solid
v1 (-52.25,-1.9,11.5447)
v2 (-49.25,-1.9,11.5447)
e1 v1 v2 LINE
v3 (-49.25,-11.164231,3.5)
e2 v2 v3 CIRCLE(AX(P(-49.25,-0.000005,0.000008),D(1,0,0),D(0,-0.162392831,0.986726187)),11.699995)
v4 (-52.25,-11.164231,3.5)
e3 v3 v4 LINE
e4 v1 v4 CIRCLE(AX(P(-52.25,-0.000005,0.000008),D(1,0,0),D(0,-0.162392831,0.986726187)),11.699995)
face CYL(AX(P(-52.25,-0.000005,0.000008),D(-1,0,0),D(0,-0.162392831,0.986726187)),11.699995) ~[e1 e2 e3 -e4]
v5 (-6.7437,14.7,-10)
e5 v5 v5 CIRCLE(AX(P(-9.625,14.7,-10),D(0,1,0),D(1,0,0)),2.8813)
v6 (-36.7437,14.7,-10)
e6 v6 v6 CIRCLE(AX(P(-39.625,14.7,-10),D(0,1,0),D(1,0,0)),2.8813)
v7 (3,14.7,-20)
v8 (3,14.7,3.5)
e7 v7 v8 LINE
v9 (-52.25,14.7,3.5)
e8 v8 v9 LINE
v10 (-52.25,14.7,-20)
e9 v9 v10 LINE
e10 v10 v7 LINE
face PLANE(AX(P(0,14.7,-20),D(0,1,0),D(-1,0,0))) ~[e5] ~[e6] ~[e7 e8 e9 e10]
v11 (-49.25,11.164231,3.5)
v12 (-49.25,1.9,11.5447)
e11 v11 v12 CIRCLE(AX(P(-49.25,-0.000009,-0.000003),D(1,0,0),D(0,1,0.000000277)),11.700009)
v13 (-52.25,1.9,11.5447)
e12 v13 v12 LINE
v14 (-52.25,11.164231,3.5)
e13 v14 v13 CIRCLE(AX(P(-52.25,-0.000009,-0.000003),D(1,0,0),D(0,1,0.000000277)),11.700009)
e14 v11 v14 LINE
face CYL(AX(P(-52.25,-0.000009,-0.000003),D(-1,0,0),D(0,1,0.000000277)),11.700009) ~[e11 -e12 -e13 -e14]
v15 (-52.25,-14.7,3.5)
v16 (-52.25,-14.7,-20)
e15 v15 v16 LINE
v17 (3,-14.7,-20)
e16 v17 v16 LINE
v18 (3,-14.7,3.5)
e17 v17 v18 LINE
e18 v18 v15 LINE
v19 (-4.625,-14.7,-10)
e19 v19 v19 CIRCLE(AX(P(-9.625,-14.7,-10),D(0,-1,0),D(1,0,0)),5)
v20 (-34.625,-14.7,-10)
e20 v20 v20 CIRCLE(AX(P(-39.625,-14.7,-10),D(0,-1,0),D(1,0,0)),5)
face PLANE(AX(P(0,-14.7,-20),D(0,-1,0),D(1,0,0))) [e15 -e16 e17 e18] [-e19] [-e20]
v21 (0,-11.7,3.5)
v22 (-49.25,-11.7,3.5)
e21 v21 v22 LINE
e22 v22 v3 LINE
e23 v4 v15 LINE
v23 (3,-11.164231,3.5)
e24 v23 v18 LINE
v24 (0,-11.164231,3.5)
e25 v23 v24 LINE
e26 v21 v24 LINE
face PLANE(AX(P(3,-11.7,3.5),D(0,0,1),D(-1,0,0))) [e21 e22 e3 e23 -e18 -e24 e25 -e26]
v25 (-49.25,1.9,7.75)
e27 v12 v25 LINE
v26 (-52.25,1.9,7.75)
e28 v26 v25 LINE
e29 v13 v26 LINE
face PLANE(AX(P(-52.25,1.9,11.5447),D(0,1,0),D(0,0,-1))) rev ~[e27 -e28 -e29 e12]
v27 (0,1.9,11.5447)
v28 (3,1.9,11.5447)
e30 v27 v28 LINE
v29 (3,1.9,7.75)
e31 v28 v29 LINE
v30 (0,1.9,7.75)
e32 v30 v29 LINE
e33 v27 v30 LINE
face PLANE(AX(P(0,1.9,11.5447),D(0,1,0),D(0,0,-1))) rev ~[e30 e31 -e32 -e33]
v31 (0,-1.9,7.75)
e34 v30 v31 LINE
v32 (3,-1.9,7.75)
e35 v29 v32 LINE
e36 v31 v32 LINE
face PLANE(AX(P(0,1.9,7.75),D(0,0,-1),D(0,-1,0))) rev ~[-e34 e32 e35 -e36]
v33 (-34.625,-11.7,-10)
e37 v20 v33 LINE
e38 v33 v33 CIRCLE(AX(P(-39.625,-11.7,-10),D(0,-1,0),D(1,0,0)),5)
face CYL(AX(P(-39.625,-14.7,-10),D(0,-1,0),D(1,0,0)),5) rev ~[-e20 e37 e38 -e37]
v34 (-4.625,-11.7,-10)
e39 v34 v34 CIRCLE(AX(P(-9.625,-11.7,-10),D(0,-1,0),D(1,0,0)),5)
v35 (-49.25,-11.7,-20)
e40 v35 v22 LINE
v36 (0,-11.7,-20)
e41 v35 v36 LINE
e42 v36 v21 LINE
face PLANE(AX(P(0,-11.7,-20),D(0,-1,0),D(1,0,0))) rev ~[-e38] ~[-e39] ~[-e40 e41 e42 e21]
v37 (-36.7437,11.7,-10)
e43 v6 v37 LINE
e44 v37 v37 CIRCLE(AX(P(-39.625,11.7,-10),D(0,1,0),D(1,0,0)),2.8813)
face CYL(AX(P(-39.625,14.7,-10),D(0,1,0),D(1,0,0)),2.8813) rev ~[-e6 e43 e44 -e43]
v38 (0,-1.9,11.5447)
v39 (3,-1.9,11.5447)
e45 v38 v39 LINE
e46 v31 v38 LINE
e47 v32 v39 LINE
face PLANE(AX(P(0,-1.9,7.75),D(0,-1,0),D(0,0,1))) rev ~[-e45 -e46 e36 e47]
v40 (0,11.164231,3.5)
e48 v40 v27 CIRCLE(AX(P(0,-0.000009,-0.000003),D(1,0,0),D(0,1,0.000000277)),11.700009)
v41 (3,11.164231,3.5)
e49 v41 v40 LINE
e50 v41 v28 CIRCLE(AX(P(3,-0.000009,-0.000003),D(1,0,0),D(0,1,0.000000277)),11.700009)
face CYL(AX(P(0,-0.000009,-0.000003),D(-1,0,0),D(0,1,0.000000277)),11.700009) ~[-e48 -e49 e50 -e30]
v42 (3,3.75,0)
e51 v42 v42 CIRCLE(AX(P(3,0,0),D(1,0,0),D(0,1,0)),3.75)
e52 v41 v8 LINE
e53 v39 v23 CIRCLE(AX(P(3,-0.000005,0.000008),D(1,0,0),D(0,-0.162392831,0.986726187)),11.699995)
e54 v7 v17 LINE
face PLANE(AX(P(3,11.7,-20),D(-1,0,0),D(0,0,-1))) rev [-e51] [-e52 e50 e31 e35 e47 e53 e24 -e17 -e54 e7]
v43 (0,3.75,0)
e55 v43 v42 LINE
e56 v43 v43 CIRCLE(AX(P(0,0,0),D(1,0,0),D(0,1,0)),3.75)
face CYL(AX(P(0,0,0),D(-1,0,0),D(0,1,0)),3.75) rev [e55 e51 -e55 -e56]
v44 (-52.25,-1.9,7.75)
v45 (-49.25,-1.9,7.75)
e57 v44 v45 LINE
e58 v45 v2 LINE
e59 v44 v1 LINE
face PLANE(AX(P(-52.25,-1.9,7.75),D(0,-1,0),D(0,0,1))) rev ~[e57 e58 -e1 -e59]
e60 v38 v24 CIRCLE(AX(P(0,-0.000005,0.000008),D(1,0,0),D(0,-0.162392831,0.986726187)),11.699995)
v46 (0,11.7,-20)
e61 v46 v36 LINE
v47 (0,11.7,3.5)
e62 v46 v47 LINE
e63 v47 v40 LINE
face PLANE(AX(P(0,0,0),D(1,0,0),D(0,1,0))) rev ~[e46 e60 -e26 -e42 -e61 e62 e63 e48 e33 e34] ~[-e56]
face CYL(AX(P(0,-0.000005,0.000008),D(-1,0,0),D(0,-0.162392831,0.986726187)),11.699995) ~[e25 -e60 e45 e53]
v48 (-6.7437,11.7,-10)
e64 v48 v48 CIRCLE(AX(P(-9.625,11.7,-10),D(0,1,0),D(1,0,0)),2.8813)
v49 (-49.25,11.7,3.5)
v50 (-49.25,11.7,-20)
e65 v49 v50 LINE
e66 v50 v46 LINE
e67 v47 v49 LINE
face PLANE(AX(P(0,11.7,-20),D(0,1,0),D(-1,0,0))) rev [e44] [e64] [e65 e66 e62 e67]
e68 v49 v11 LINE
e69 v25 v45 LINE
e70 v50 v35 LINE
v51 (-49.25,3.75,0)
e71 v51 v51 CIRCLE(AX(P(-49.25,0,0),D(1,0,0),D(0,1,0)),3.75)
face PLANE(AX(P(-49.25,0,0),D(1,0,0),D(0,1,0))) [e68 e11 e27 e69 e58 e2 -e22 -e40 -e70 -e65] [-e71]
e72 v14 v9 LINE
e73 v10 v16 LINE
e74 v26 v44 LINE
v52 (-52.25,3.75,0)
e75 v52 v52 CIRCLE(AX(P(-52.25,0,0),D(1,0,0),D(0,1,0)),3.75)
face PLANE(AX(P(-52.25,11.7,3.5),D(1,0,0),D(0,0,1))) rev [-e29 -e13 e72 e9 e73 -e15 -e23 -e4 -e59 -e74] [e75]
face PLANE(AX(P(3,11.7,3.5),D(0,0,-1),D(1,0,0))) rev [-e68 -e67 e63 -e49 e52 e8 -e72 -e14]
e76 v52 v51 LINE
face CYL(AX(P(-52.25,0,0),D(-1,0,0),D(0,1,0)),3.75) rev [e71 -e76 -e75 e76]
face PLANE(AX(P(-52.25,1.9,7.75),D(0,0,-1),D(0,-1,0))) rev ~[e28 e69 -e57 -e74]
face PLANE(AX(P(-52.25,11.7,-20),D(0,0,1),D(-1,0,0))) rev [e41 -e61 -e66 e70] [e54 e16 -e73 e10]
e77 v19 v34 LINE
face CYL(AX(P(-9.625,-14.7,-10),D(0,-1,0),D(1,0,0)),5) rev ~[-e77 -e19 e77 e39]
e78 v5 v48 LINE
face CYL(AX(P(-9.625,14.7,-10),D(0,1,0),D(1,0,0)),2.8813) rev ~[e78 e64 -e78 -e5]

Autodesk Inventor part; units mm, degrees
ref_plane "YZ Plane" through (0, 0, 0) normal (1, 0, 0) x (0, 1, 0)
ref_plane "XZ Plane" through (0, 0, 0) normal (0, 1, 0) x (-1, 0, 0)
ref_plane "XY Plane" through (0, 0, 0) normal (0, 0, 1) x (1, 0, 0)
sketch "Sketch1" plane through (0, 0, 0) normal (1, 0, 0) x (0, 1, 0)
  arc A0 (-1.9, 11.5447) -> (-11.7, 0) centre (0, 0) ccw
  line L0 (1.9, 11.5447) -> (1.9, 7.75)
  line L1 (1.9, 7.75) -> (-1.9, 7.75)
  line L2 (-1.9, 7.75) -> (-1.9, 11.5447)
  line L3 (0, 7.75) -> (0, 0) construction
  arc A1 (1.9, 11.5447) -> (-1.9, 11.5447) centre (0, 0) ccw construction
  circle A2 centre (0, 0) radius 3.75
  line L4 (11.7, 0) -> (11.7, -20)
  line L5 (11.7, -20) -> (-11.7, -20)
  line L6 (-11.7, -20) -> (-11.7, 0)
  arc A3 (11.7, 0) -> (1.9, 11.5447) centre (0, 0) ccw
  arc A4 (-11.7, 0) -> (11.7, 0) centre (0, 0) ccw construction
  dimension "d0" = 23.4
  dimension "d1" = 3.8
  dimension "d2" = 7.75
  dimension "d3" = 7.5
  dimension "d9" = 20
extrude "Extrusion1" add sketch "Sketch1" along normal blind 3
pattern_linear "Rectangular Pattern1" count 2 spacing 52.25 along (-1, 0, 0) of "Extrusion1"
sketch "Sketch3" plane through (0, -11.7, -20) normal (0, -1, 0) x (1, 0, 0)
  line L0 (-52.25, 0) -> (-49.25, 0) projected
  line L1 (-52.25, 0) -> (3, 0)
  line L2 (3, 0) -> (3, 23.5)
  line L3 (3, 23.5) -> (-52.25, 23.5)
  line L4 (-52.25, 23.5) -> (-52.25, 0)
  point P0 (0, 20)
  dimension "d12" = 3.5
extrude "Extrusion3" add sketch "Sketch3" along normal blind 3
sketch "Sketch4" plane through (0, -11.7, -20) normal (0, 1, 0) x (1, 0, 0)
  line L0 (-49.25, -31.5447) -> (-49.25, -20) construction
  line L1 (-49.25, -20) -> (-52.25, -20)
  line L2 (-52.25, -20) -> (-52.25, -23.5)
  line L3 (-52.25, -23.5) -> (-49.25, -23.5)
  line L4 (-49.25, -23.5) -> (-49.25, -20)
  line L5 (0, -20) -> (0, 0) construction
  line L6 (3, -23.5) -> (-52.25, -23.5) construction
  line L7 (0, -20) -> (3, -20)
  line L8 (3, -20) -> (3, -23.5)
  line L9 (3, -23.5) -> (0, -23.5)
  line L10 (0, -23.5) -> (0, -20)
extrude "Extrusion4" add sketch "Sketch4" along normal up to surface
mirror "Mirror1" about plane through (0, 0, 0) normal (0, 1, 0) of "Extrusion3", "Extrusion4"
sketch "Sketch9" plane through (-52.25, 14.7, -20) normal (0, 1, 0) x (1, 0, 0)
  circle A0 centre (12.625, -10) radius 2.8813
  circle A1 centre (42.625, -10) radius 2.8813
  line L0 (12.625, -10) -> (42.625, -10) construction
  line L1 (27.625, -10) -> (27.625, 0) construction
  line L2 (3, 0) -> (52.25, 0) construction
  point P0 (52.25, -20)
  dimension "d30" = 5.7625
  dimension "d31" = 30
  dimension "d32" = 10
extrude "Extrusion9" cut sketch "Sketch9" against normal up to surface (3 mm away)
sketch "Sketch10" plane through (0, -14.7, -20) normal (0, -1, 0) x (1, 0, 0)
  circle A0 centre (-9.625, 10) radius 5
  circle A1 centre (-39.625, 10) radius 5
  circle A2 centre (-39.625, 10) radius 2.8813 construction
  circle A3 centre (-9.625, 10) radius 2.8813 construction
  point P0 (0, 20)
  dimension "d35" = 10
extrude "Extrusion10" cut sketch "Sketch10" against normal up to surface (3 mm away)
properties part number "Xgantry_CableChain_bottom_connector"
